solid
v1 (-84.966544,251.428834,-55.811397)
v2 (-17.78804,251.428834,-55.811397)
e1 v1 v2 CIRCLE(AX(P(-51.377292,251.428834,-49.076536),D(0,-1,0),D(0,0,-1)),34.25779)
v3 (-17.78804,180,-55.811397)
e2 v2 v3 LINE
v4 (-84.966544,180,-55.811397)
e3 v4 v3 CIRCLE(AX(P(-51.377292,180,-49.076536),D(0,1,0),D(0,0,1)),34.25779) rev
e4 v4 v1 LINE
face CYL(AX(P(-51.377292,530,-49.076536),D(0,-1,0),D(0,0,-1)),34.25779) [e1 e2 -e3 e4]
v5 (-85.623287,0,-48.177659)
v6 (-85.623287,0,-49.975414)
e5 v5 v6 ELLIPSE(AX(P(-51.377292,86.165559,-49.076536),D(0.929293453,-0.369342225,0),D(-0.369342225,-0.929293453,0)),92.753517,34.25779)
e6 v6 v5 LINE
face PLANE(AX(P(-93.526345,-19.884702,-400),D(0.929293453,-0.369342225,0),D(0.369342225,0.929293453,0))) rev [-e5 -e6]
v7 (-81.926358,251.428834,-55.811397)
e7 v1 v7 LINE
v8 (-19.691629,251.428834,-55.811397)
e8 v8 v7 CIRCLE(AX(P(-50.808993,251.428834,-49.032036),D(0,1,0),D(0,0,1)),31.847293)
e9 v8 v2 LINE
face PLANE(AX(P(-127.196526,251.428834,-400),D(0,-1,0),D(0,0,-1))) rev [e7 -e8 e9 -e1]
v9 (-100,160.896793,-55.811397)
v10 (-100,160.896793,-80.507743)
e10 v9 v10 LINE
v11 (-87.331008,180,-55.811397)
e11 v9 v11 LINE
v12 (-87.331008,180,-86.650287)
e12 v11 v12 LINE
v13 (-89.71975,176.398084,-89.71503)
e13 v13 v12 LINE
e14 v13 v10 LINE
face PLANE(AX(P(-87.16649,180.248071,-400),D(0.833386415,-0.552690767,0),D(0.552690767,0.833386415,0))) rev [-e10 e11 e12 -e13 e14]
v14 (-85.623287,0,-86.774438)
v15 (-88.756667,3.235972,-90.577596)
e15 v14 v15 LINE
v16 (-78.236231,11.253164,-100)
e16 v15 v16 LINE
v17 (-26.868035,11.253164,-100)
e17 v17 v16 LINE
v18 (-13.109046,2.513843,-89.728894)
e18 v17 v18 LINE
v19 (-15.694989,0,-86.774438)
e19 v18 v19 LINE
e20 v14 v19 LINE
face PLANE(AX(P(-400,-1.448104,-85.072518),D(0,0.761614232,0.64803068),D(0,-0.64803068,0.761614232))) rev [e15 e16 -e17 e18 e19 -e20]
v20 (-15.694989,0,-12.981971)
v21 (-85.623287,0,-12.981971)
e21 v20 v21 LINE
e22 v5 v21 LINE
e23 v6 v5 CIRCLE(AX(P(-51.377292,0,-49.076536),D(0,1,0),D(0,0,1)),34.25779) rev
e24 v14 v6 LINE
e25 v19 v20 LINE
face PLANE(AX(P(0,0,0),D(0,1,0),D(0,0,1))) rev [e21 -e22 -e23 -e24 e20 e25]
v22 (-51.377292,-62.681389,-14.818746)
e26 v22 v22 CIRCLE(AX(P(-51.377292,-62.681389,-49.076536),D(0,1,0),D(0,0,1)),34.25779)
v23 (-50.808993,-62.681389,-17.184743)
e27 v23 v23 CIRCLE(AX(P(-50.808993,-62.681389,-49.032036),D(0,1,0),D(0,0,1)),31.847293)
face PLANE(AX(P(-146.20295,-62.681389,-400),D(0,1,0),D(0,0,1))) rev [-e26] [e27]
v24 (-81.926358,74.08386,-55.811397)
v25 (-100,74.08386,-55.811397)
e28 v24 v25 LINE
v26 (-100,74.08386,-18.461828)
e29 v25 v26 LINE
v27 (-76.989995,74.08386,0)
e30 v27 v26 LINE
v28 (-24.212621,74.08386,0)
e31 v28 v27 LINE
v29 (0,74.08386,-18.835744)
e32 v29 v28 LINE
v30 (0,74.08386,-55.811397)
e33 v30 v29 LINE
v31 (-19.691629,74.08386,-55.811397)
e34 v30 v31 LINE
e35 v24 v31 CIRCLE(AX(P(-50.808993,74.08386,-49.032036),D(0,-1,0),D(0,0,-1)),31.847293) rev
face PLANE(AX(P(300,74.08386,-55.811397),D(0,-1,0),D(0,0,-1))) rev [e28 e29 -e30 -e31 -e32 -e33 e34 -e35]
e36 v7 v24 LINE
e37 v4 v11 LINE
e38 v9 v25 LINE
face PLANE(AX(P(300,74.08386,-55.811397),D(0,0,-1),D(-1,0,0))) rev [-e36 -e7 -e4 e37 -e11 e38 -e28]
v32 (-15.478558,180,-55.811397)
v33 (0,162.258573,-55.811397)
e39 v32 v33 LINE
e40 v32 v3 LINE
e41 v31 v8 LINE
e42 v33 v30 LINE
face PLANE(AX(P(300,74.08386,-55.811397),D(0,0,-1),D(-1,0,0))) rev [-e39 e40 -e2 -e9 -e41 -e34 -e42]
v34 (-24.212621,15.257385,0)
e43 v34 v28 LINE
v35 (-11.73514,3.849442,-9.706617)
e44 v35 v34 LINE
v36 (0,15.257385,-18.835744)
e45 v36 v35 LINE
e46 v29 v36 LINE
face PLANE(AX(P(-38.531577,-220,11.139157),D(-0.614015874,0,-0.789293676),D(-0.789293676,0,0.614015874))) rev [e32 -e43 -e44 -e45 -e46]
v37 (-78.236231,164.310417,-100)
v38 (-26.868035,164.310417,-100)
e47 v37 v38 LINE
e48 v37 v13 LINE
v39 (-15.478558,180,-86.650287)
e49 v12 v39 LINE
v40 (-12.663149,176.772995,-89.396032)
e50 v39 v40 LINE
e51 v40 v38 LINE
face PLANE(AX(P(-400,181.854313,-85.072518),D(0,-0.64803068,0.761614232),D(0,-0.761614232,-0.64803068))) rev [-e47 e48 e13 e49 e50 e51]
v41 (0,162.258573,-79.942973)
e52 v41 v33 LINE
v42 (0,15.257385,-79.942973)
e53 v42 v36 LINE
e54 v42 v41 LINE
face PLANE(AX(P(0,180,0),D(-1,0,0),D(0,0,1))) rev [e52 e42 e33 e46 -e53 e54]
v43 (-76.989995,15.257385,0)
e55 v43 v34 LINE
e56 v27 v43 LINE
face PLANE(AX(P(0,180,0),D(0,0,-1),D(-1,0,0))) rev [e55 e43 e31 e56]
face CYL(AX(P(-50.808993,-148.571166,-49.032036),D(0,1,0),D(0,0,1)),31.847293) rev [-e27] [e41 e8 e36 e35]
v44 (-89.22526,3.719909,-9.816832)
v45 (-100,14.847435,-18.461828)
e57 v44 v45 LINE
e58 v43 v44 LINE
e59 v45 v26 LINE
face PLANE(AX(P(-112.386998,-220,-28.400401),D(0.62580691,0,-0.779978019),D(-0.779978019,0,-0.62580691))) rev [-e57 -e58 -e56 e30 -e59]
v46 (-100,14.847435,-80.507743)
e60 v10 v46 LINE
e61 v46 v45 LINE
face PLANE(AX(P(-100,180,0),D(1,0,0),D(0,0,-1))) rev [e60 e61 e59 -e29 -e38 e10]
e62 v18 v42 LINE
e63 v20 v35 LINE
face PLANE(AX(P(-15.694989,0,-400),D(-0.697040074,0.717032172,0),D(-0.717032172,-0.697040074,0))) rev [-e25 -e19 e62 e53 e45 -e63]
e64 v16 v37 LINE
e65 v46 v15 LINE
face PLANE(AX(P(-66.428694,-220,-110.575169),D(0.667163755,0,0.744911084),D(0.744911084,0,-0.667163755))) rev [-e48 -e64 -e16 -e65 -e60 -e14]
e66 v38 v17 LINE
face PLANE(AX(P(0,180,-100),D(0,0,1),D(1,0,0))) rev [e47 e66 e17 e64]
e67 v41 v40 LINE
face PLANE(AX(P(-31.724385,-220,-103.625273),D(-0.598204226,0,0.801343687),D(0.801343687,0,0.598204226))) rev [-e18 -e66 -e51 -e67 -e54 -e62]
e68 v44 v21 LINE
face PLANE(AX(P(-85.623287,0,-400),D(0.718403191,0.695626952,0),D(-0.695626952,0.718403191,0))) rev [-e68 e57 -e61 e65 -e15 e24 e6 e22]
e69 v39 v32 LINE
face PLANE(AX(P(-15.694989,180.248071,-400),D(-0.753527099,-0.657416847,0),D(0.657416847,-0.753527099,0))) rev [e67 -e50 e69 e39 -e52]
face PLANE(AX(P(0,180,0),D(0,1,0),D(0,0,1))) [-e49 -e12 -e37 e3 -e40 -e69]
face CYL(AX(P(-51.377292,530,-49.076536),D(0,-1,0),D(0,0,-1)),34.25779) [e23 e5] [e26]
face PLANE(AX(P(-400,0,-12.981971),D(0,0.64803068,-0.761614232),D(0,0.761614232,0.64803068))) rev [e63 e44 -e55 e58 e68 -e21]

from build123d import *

# Parameters (mm, degrees)
SKETCH1_W           = 100
SKETCH1_H           = 100
BOSS_EXTRUDE1_DEPTH = 180
SKETCH2_R           = 34.257790197
BOSS_EXTRUDE2_DEPTH = 350
SKETCH3_W           = 152.006357392
SKETCH3_H           = 282.452416457
CUT_EXTRUDE2_DEPTH  = 400
CUT_EXTRUDE3_DEPTH  = 400
CUT_EXTRUDE4_DEPTH  = 400
CUT_EXTRUDE5_DEPTH  = 400
SKETCH7_W           = 160.159381639
SKETCH7_H           = 147.362276113
CUT_EXTRUDE6_DEPTH  = 400
SKETCH8_W           = 147.310744502
SKETCH8_H           = 162.038906966
CUT_EXTRUDE7_DEPTH  = 400
SKETCH9_R           = 31.847293423
CUT_EXTRUDE8_DEPTH  = 400
SKETCH10_W          = 140.220962397
SKETCH10_H          = 212.033531124
CUT_EXTRUDE9_DEPTH  = 400


with BuildPart() as part:
    # Sketch1 → Boss-Extrude1 (new body)
    with BuildSketch(Plane(origin=(0, 0, 0), x_dir=(1, 0, 0), z_dir=(0, 1, 0))):
        with Locations((-50, 50)):
            Rectangle(SKETCH1_W, SKETCH1_H)
    extrude(amount=BOSS_EXTRUDE1_DEPTH)

    # Sketch2 → Boss-Extrude2 (add, symmetric)
    with BuildSketch(Plane(origin=(0, 180, 0), x_dir=(1, 0, 0), z_dir=(0, 1, 0))):
        with Locations(Location((-51.377291833, 49.076536384, 0), (0, 0, 270))):
            Circle(SKETCH2_R)
    extrude(amount=BOSS_EXTRUDE2_DEPTH, both=True)

    # Sketch3 → Cut-Extrude2 (cut)
    with BuildSketch(Plane(origin=(0, 0, 0), x_dir=(0, 0, -1), z_dir=(1, 0, 0))):
        with Locations((57.419900112, 502.274302507)):
            Rectangle(SKETCH3_W, SKETCH3_H)
    extrude(amount=-CUT_EXTRUDE2_DEPTH, mode=Mode.SUBTRACT)

    # Sketch4 → Cut-Extrude3 (cut)
    with BuildSketch(Plane(origin=(0, 0, 0), x_dir=(0, 0, -1), z_dir=(1, 0, 0))):
        Polygon((12.981970869, 0), (-8.994244796, 25.828096003), (-18.564506014, -15.259465835), align=None)
        Polygon((85.072517936, -1.448103984), (109.237639161, 19.113145112), (115.920034239, -3.267382694), align=None)
        Polygon((12.981970869, 180), (-8.994244796, 148.537596011), (-15.418178585, 193.219274892), align=None)
        Polygon((85.072517936, 181.854312784), (103.841225373, 159.795920888), (106.132549481, 198.647393934), align=None)
    extrude(amount=-CUT_EXTRUDE3_DEPTH, mode=Mode.SUBTRACT)

    # Sketch5 → Cut-Extrude4 (cut)
    with BuildSketch(Plane.XY):
        Polygon((-85.623287335, 0), (-106.370377984, 21.426392531), (-122.288861874, 3.209259887), (-93.526345261, -19.884701759), align=None)
        Polygon((-15.694988751, 0), (0, 15.257385304), (12.122677088, 15.257385304), (10.563067769, -19.884701759), align=None)
        Polygon((-87.166490339, 180.248071029), (-106.370377984, 151.29108453), (-117.705469457, 200.501115102), align=None)
        Polygon((-15.694988751, 180.248071029), (7.833767065, 153.279557508), (0, 193.941208308), align=None)
    extrude(amount=-CUT_EXTRUDE4_DEPTH, mode=Mode.SUBTRACT)

    # Sketch6 → Cut-Extrude5 (cut)
    with BuildSketch(Plane(origin=(0, 180, 0), x_dir=(1, 0, 0), z_dir=(0, 1, 0))):
        Polygon((-112.386997555, 28.400400964), (-64.261264503, -10.212759359), (-84.406366528, -15.51192827), (-124.649689542, -15.51192827), align=None)
        Polygon((-97.065537028, 135.861756084), (-119.37552445, 77.792688888), (-118.043343626, 64.347606737), (-66.428694172, 110.575168787), align=None)
        Polygon((-24.69640689, -21.815840769), (11.092108798, -8.97361337), (17.428316417, 32.393768119), (-38.531576846, -11.139157378), align=None)
        Polygon((-17.445484601, 140.804394854), (35.417473102, 107.262520599), (9.305452855, 72.996438725), (-31.724385352, 103.625272537), align=None)
    extrude(amount=-CUT_EXTRUDE5_DEPTH, mode=Mode.SUBTRACT)

    # Sketch7 → Cut-Extrude6 (cut)
    with BuildSketch(Plane.XY):
        with Locations((-66.123258915, -136.36252694)):
            Rectangle(SKETCH7_W, SKETCH7_H)
    extrude(amount=-CUT_EXTRUDE6_DEPTH, mode=Mode.SUBTRACT)

    # Sketch8 → Cut-Extrude7 (cut)
    with BuildSketch(Plane.XY):
        with Locations((-53.541153336, 332.448287589)):
            Rectangle(SKETCH8_W, SKETCH8_H)
    extrude(amount=-CUT_EXTRUDE7_DEPTH, mode=Mode.SUBTRACT)

    # Sketch9 → Cut-Extrude8 (cut)
    with BuildSketch(Plane(origin=(0, 251.428834106, 0), x_dir=(1, 0, 0), z_dir=(0, 1, 0))):
        with Locations(Location((-50.808993157, 49.032036374, 0), (0, 0, 270))):
            Circle(SKETCH9_R)
    extrude(amount=-CUT_EXTRUDE8_DEPTH, mode=Mode.SUBTRACT)

    # Sketch10 → Cut-Extrude9 (cut)
    with BuildSketch(Plane.ZY.offset(100)):
        with Locations((14.299084536, 180.100625535)):
            Rectangle(SKETCH10_W, SKETCH10_H)
    extrude(amount=-CUT_EXTRUDE9_DEPTH, mode=Mode.SUBTRACT)


solid = part.part
